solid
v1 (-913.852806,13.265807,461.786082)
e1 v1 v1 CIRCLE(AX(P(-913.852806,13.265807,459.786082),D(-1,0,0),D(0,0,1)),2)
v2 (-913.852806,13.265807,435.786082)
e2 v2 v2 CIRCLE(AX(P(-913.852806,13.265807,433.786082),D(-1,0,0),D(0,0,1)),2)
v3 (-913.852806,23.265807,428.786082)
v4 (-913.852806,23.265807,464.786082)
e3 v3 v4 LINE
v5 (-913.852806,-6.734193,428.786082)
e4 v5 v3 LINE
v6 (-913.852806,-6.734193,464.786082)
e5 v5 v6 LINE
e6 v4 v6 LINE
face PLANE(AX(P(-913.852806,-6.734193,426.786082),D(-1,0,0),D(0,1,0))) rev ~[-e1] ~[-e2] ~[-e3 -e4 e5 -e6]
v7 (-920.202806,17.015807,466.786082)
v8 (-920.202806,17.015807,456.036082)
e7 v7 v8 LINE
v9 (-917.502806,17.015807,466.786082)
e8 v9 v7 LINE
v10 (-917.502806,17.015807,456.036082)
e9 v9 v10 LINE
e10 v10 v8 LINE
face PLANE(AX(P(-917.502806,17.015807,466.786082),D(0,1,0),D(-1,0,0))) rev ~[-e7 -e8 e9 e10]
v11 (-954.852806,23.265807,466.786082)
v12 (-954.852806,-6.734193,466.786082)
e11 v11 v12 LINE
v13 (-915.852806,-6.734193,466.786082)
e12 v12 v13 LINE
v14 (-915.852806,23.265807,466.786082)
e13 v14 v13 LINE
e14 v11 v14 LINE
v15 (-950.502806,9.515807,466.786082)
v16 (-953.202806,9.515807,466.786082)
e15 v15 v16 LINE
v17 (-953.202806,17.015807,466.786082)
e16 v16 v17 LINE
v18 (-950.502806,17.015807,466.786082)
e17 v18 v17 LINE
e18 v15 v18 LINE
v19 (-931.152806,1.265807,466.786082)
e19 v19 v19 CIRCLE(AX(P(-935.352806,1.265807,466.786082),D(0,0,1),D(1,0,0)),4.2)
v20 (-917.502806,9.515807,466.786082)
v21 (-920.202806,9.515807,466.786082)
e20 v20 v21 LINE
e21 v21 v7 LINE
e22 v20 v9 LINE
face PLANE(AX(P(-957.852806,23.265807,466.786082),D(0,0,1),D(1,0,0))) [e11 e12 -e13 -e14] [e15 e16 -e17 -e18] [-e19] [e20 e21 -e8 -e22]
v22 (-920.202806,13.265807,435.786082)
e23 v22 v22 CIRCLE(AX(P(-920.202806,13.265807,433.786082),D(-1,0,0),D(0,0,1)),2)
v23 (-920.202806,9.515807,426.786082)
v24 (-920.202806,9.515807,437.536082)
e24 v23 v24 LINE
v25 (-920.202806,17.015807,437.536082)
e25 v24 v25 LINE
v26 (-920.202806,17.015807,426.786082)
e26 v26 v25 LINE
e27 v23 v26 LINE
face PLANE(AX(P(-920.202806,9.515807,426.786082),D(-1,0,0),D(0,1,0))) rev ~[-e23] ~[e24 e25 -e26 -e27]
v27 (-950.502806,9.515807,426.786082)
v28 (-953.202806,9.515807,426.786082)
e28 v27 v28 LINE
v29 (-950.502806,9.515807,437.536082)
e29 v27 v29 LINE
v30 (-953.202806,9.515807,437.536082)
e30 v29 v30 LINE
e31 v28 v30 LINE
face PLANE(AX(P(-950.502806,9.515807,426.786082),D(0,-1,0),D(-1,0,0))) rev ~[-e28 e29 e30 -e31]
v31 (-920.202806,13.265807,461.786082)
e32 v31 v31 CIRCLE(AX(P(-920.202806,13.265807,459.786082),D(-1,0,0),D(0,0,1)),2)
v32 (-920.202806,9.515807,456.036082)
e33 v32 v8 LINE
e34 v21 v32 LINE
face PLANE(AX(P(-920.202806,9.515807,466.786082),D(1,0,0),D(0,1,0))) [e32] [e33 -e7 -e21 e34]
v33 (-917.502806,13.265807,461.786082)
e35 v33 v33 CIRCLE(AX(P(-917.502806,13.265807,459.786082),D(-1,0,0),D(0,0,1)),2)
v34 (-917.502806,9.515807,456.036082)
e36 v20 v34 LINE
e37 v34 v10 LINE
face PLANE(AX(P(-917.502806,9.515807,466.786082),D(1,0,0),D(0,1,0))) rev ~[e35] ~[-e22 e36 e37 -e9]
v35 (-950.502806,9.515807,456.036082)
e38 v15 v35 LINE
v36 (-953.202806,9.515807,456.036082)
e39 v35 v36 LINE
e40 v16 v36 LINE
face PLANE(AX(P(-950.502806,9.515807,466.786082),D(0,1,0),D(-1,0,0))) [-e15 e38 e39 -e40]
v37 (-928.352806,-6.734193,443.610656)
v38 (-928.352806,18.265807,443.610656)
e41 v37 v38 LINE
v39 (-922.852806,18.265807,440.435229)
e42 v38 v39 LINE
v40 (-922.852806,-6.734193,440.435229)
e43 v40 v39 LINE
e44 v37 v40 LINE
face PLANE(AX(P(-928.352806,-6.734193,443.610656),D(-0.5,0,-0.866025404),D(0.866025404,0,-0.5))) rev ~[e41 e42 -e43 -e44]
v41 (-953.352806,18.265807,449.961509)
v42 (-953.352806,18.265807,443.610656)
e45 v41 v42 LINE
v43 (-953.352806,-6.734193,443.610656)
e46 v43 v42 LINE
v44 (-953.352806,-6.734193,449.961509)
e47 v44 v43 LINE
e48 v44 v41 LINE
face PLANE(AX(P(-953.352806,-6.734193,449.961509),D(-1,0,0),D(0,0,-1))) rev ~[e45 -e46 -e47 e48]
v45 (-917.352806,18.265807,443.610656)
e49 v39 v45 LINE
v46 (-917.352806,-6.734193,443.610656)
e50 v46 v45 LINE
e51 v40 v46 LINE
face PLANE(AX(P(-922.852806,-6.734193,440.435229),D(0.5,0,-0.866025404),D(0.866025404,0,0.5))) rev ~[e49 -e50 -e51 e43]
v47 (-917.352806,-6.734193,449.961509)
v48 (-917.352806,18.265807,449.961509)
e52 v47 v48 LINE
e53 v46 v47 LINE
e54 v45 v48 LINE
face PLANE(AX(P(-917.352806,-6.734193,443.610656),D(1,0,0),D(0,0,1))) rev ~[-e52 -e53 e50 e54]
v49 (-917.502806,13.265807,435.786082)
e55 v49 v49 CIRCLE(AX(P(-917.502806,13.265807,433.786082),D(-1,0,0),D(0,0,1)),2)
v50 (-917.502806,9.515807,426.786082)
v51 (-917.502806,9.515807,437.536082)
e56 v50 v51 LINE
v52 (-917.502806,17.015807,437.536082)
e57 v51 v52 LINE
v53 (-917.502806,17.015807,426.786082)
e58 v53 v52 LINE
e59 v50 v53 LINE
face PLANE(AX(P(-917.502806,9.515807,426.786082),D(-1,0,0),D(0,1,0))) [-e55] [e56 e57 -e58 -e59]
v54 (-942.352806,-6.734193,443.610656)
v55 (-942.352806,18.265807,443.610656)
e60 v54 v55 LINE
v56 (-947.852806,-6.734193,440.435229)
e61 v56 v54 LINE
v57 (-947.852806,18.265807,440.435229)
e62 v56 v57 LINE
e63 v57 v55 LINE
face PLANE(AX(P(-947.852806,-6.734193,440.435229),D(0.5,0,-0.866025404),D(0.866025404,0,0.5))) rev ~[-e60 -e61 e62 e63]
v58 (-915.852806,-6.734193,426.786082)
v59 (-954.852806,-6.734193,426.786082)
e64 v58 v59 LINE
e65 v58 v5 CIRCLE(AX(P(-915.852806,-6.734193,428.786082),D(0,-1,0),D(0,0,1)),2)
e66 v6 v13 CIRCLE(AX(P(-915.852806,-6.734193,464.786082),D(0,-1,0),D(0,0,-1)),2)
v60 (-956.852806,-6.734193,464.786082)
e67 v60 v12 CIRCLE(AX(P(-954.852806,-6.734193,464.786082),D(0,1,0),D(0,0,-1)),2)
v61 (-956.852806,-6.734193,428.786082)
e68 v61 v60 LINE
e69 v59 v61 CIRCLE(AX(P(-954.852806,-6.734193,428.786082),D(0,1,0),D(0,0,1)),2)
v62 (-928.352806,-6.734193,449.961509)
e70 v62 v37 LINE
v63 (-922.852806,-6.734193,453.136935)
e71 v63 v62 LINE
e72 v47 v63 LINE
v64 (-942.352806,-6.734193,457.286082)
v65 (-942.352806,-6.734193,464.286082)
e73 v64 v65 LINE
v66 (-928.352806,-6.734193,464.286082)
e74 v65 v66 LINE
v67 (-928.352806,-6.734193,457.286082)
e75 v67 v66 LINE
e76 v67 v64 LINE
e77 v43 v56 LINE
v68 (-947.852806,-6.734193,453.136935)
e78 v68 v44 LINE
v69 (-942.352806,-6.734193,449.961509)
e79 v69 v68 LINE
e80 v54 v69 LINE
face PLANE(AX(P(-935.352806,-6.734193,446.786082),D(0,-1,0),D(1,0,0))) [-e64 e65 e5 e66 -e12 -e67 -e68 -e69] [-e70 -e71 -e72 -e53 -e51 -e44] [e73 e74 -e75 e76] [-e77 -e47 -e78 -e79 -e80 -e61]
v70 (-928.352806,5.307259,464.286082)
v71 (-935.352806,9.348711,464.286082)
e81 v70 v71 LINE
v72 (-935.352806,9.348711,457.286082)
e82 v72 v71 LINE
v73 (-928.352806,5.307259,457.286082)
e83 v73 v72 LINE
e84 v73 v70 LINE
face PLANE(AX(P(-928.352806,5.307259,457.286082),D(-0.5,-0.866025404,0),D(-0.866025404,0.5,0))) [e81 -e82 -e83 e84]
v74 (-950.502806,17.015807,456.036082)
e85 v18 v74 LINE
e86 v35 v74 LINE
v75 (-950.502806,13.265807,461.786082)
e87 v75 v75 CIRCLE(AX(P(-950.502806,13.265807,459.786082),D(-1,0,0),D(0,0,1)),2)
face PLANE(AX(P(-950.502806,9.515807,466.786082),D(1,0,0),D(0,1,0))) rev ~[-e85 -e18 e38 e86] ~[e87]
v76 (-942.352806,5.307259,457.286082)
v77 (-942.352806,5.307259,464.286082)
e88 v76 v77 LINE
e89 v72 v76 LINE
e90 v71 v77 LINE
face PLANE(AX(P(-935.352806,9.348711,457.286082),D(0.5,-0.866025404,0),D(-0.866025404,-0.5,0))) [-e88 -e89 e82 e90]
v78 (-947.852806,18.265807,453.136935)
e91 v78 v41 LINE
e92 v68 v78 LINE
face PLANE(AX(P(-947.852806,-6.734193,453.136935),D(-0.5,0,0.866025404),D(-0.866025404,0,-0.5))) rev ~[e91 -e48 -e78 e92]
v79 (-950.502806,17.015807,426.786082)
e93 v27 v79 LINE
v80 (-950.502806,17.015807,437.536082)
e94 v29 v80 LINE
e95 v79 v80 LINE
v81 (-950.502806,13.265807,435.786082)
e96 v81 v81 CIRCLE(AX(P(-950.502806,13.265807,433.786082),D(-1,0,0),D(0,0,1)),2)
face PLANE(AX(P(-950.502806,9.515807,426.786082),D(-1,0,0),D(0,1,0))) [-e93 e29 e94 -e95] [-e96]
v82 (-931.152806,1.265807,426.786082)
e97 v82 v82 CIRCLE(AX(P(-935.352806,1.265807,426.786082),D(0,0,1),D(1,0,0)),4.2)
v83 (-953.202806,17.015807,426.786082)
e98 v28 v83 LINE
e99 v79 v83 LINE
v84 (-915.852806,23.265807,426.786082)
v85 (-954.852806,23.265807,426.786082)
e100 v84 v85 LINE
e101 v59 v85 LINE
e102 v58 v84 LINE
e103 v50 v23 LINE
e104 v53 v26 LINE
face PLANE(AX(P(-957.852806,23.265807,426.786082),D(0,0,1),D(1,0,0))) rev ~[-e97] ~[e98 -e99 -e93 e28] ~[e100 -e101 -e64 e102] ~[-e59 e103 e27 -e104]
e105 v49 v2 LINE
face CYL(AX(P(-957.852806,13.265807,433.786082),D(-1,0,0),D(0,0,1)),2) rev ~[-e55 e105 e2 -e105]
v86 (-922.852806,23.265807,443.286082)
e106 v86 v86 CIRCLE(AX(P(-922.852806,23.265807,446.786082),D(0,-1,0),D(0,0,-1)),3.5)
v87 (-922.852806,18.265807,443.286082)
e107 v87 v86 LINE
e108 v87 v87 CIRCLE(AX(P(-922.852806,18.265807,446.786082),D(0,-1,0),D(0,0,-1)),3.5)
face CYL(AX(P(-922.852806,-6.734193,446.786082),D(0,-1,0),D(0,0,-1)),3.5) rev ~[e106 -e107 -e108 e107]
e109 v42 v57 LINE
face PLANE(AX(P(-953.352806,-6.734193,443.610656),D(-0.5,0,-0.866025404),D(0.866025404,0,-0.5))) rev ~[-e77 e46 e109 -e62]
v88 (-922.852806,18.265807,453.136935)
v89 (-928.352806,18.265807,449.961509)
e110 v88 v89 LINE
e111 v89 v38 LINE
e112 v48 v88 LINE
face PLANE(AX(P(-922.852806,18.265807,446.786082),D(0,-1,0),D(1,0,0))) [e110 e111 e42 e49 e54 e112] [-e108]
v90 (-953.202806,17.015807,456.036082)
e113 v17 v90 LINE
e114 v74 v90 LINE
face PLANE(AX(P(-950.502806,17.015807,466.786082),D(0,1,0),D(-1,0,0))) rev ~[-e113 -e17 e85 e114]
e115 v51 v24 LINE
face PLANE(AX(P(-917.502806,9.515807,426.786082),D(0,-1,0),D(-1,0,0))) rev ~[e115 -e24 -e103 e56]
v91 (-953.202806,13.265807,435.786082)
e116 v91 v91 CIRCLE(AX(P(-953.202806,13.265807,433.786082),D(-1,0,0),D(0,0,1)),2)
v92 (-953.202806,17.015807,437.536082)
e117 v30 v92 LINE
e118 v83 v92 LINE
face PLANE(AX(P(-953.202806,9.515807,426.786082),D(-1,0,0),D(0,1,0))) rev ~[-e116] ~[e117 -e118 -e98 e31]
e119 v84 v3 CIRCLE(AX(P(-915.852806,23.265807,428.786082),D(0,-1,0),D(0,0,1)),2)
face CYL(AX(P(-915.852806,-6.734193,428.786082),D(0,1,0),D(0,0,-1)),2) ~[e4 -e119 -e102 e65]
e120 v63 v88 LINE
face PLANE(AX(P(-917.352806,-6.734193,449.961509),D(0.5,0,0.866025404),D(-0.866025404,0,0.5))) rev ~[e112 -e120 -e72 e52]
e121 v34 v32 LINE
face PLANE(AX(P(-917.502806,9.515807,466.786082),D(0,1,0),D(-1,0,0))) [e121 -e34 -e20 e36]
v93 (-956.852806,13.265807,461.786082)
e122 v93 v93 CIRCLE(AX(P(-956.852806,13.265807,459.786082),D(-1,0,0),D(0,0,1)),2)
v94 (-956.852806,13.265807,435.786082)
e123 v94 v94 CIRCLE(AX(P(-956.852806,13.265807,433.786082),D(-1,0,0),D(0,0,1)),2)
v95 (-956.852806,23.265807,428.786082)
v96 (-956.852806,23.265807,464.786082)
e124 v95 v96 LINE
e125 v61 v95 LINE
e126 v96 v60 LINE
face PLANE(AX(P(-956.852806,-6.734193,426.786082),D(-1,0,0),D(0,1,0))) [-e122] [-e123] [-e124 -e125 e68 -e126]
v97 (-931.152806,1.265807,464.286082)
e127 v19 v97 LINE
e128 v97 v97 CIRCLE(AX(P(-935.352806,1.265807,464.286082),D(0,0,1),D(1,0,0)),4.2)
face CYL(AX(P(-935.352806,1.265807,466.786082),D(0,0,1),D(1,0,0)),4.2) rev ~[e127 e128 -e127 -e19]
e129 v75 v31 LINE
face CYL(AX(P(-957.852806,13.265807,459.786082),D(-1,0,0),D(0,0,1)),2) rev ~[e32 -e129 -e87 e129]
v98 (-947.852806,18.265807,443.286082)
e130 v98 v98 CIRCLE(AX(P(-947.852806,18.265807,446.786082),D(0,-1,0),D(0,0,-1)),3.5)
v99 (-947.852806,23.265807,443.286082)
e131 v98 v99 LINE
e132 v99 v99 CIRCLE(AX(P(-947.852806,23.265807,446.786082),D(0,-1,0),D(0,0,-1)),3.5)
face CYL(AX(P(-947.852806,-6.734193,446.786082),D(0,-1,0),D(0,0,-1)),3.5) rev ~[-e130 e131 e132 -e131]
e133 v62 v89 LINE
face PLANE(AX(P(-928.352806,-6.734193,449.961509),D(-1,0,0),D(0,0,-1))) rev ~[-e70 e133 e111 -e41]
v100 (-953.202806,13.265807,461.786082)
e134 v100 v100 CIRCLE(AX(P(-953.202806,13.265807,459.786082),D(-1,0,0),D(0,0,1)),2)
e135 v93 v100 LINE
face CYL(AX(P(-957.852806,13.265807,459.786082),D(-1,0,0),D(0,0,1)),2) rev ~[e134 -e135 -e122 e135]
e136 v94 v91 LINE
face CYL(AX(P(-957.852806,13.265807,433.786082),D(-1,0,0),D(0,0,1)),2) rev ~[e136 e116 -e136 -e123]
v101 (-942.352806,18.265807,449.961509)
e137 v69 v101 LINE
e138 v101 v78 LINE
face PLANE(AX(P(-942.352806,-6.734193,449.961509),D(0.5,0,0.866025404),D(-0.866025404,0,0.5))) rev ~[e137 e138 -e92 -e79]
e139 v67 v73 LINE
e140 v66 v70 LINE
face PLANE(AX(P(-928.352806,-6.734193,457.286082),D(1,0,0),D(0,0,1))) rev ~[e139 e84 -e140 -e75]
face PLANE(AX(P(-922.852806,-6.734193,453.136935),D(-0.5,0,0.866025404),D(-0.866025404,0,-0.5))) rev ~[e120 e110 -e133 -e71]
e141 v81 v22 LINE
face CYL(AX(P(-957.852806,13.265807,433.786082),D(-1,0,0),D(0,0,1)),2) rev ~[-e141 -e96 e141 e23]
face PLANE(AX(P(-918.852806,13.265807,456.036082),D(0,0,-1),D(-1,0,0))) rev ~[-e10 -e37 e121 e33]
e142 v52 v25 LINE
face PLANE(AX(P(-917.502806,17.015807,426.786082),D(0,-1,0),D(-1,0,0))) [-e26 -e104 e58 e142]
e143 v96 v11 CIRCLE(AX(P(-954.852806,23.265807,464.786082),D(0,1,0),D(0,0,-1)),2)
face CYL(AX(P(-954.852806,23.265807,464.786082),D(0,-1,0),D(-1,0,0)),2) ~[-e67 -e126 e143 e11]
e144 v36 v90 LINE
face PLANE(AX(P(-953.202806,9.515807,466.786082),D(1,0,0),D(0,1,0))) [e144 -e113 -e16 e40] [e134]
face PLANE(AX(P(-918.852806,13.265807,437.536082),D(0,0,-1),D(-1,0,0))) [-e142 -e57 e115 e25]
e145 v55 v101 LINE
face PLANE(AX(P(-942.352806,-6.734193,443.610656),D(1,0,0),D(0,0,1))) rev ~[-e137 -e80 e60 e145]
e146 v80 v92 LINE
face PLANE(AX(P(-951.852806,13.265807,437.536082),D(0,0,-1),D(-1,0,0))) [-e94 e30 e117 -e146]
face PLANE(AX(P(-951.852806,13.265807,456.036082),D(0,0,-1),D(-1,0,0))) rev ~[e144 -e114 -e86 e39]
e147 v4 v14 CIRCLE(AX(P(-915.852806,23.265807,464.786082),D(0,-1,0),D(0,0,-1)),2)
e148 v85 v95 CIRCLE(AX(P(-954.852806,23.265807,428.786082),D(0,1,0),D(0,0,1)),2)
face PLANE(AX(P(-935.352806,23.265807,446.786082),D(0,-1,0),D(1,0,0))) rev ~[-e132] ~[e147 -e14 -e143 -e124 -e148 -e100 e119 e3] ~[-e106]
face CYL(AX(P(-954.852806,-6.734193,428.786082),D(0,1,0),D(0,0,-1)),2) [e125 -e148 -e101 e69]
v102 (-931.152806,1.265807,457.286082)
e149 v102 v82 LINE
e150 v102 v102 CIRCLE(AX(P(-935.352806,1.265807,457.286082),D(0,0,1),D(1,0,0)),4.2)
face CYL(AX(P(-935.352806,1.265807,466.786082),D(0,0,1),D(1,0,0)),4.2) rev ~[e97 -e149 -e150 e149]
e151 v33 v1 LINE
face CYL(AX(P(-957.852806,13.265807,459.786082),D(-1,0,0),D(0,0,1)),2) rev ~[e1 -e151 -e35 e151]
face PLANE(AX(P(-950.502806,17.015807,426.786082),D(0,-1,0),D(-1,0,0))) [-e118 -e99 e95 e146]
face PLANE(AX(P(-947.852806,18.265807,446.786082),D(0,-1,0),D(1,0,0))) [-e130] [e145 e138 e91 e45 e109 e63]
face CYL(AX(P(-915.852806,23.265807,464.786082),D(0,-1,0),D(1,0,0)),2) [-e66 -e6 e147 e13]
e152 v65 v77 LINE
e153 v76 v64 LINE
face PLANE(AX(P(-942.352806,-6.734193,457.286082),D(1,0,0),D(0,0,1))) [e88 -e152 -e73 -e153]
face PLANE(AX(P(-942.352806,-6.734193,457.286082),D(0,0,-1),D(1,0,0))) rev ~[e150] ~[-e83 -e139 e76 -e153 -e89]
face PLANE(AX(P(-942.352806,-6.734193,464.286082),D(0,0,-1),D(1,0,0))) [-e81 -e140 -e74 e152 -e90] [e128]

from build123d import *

# Parameters (mm, degrees)
SKETCH1_W            = 45
SKETCH1_H            = 40
BOSS_EXTRUDE1_DEPTH  = 30
CUT_EXTRUDE1_DEPTH   = 25
SKETCH3_R            = 2
CUT_EXTRUDE2_DEPTH   = 959.969914124
SKETCH7_R            = 2
CUT_EXTRUDE4_DEPTH   = 470.526936912
SKETCH9_W            = 2.7
SKETCH9_H            = 7.5
CUT_EXTRUDE5_DEPTH   = 10.75
CUT_EXTRUDE6_START   = -40
SKETCH9_2_W          = 2.7
SKETCH9_2_H          = 7.5
CUT_EXTRUDE6_DEPTH   = 10.75
SKETCH10_R           = 3.5
CUT_EXTRUDE9_DEPTH   = 1066.96024555
SKETCH13_R           = 4.2
CUT_EXTRUDE10_DEPTH  = 959.969914124
SKETCH14_OUTSIDE_W   = 60.454
SKETCH14_OUTSIDE_H   = 45.454
SKETCH14_OUTSIDE_W_2 = 43
SKETCH14_OUTSIDE_H_2 = 30
CUT_EXTRUDE11_DEPTH  = 959.969914124
FILLET1_R            = 2
SKETCH15_W           = 14
SKETCH15_H           = 7
CUT_EXTRUDE12_DEPTH  = 10
CUT_EXTRUDE13_DEPTH  = 7


with BuildPart() as part:
    # Sketch1 → Boss-Extrude1 (new body)
    with BuildSketch(Plane.XZ.offset(-23.265807416)):
        with Locations((-935.352806229, 446.786082367)):
            Rectangle(SKETCH1_W, SKETCH1_H)
    extrude(amount=BOSS_EXTRUDE1_DEPTH)

    # Sketch2 → Cut-Extrude1 (cut)
    with BuildSketch(Plane.XZ.offset(6.734192584)):
        Polygon((-922.852806229, 453.136935328), (-928.352806229, 449.961508847), (-928.352806229, 443.610655886), (-922.852806229, 440.435229406), (-917.352806229, 443.610655886), (-917.352806229, 449.961508847), align=None)
        Polygon((-947.852806229, 453.136935328), (-953.352806229, 449.961508847), (-953.352806229, 443.610655886), (-947.852806229, 440.435229406), (-942.352806229, 443.610655886), (-942.352806229, 449.961508847), align=None)
    extrude(amount=-CUT_EXTRUDE1_DEPTH, mode=Mode.SUBTRACT)

    # Sketch3 → Cut-Extrude2 (cut, through all)
    with BuildSketch(Plane(origin=(0, 0, 426.786082367), x_dir=(-1, 0, 0), z_dir=(0, 0, -1))):
        with Locations((935.352806229, 1.265807416)):
            Circle(SKETCH3_R)
    extrude(amount=-CUT_EXTRUDE2_DEPTH, mode=Mode.SUBTRACT)

    # Sketch7 → Cut-Extrude4 (cut, through all)
    with BuildSketch(Plane.ZY.offset(957.852806229)):
        with Locations((433.786082367, 13.265807416)):
            Circle(SKETCH7_R)
        with Locations((459.786082367, 13.265807416)):
            Circle(SKETCH7_R)
    extrude(amount=-CUT_EXTRUDE4_DEPTH, mode=Mode.SUBTRACT)

    # Sketch9 → Cut-Extrude5 (cut)
    with BuildSketch(Plane(origin=(0, 0, 426.786082367), x_dir=(-1, 0, 0), z_dir=(0, 0, -1))):
        with Locations((918.852806229, 13.265807416)):
            Rectangle(SKETCH9_W, SKETCH9_H)
        with Locations((951.852806229, 13.265807416)):
            Rectangle(SKETCH9_W, SKETCH9_H)
    extrude(amount=-CUT_EXTRUDE5_DEPTH, mode=Mode.SUBTRACT)

    # Sketch9<2> → Cut-Extrude6 (cut)
    with BuildSketch(Plane(origin=(0, 0, 426.786082367), x_dir=(-1, 0, 0), z_dir=(0, 0, -1)).offset(CUT_EXTRUDE6_START)):
        with Locations((918.852806229, 13.265807416)):
            Rectangle(SKETCH9_2_W, SKETCH9_2_H)
        with Locations((951.852806229, 13.265807416)):
            Rectangle(SKETCH9_2_W, SKETCH9_2_H)
    extrude(amount=CUT_EXTRUDE6_DEPTH, mode=Mode.SUBTRACT)

    # Sketch10 → Cut-Extrude9 (cut, through all)
    with BuildSketch(Plane.XZ.offset(6.734192584)):
        with Locations(Location((-947.852806229, 446.786082367, 0), (0, 0, 270))):
            Circle(SKETCH10_R)
        with Locations(Location((-922.852806229, 446.786082367, 0), (0, 0, 270))):
            Circle(SKETCH10_R)
    extrude(amount=-CUT_EXTRUDE9_DEPTH, mode=Mode.SUBTRACT)

    # Sketch13 → Cut-Extrude10 (cut, through all)
    with BuildSketch(Plane.XY.offset(466.786082367)):
        with Locations((-935.352806229, 1.265807416)):
            Circle(SKETCH13_R)
    extrude(amount=-CUT_EXTRUDE10_DEPTH, mode=Mode.SUBTRACT)

    # Sketch14 outside → Cut-Extrude11 (cut, through all)
    with BuildSketch(Plane(origin=(0, 0, 426.786082367), x_dir=(-1, 0, 0), z_dir=(0, 0, -1))):
        with Locations((935.353, 8.266)):
            Rectangle(SKETCH14_OUTSIDE_W, SKETCH14_OUTSIDE_H)
        with Locations((935.352806229, 8.265807416)):
            Rectangle(SKETCH14_OUTSIDE_W_2, SKETCH14_OUTSIDE_H_2, mode=Mode.SUBTRACT)
    extrude(amount=-CUT_EXTRUDE11_DEPTH, mode=Mode.SUBTRACT)

    # Fillet1
    fillet1_edges = [part.edges().sort_by_distance(p)[0] for p in [
        (-956.852806229, 8.265807416, 466.786082367),
        (-956.852806229, 8.265807416, 426.786082367),
        (-913.852806229, 8.265807416, 426.786082367),
        (-913.852806229, 8.265807416, 466.786082367),
    ]]
    fillet(fillet1_edges, radius=FILLET1_R)

    # Sketch15 → Cut-Extrude12 (cut)
    with BuildSketch(Plane.XZ.offset(6.734192584)):
        with Locations((-935.352806229, 460.786082367)):
            Rectangle(SKETCH15_W, SKETCH15_H)
    extrude(amount=-CUT_EXTRUDE12_DEPTH, mode=Mode.SUBTRACT)

    # Sketch16 → Cut-Extrude13 (cut)
    with BuildSketch(Plane.XY.offset(457.286082367)):
        Polygon((-928.352806229, 5.3072593), (-935.352806229, 9.348711184), (-942.352806229, 5.3072593), (-942.352806229, -2.775644469), (-935.352806229, -6.817096353), (-928.352806229, -2.775644469), align=None)
    extrude(amount=CUT_EXTRUDE13_DEPTH, mode=Mode.SUBTRACT)


solid = part.part
